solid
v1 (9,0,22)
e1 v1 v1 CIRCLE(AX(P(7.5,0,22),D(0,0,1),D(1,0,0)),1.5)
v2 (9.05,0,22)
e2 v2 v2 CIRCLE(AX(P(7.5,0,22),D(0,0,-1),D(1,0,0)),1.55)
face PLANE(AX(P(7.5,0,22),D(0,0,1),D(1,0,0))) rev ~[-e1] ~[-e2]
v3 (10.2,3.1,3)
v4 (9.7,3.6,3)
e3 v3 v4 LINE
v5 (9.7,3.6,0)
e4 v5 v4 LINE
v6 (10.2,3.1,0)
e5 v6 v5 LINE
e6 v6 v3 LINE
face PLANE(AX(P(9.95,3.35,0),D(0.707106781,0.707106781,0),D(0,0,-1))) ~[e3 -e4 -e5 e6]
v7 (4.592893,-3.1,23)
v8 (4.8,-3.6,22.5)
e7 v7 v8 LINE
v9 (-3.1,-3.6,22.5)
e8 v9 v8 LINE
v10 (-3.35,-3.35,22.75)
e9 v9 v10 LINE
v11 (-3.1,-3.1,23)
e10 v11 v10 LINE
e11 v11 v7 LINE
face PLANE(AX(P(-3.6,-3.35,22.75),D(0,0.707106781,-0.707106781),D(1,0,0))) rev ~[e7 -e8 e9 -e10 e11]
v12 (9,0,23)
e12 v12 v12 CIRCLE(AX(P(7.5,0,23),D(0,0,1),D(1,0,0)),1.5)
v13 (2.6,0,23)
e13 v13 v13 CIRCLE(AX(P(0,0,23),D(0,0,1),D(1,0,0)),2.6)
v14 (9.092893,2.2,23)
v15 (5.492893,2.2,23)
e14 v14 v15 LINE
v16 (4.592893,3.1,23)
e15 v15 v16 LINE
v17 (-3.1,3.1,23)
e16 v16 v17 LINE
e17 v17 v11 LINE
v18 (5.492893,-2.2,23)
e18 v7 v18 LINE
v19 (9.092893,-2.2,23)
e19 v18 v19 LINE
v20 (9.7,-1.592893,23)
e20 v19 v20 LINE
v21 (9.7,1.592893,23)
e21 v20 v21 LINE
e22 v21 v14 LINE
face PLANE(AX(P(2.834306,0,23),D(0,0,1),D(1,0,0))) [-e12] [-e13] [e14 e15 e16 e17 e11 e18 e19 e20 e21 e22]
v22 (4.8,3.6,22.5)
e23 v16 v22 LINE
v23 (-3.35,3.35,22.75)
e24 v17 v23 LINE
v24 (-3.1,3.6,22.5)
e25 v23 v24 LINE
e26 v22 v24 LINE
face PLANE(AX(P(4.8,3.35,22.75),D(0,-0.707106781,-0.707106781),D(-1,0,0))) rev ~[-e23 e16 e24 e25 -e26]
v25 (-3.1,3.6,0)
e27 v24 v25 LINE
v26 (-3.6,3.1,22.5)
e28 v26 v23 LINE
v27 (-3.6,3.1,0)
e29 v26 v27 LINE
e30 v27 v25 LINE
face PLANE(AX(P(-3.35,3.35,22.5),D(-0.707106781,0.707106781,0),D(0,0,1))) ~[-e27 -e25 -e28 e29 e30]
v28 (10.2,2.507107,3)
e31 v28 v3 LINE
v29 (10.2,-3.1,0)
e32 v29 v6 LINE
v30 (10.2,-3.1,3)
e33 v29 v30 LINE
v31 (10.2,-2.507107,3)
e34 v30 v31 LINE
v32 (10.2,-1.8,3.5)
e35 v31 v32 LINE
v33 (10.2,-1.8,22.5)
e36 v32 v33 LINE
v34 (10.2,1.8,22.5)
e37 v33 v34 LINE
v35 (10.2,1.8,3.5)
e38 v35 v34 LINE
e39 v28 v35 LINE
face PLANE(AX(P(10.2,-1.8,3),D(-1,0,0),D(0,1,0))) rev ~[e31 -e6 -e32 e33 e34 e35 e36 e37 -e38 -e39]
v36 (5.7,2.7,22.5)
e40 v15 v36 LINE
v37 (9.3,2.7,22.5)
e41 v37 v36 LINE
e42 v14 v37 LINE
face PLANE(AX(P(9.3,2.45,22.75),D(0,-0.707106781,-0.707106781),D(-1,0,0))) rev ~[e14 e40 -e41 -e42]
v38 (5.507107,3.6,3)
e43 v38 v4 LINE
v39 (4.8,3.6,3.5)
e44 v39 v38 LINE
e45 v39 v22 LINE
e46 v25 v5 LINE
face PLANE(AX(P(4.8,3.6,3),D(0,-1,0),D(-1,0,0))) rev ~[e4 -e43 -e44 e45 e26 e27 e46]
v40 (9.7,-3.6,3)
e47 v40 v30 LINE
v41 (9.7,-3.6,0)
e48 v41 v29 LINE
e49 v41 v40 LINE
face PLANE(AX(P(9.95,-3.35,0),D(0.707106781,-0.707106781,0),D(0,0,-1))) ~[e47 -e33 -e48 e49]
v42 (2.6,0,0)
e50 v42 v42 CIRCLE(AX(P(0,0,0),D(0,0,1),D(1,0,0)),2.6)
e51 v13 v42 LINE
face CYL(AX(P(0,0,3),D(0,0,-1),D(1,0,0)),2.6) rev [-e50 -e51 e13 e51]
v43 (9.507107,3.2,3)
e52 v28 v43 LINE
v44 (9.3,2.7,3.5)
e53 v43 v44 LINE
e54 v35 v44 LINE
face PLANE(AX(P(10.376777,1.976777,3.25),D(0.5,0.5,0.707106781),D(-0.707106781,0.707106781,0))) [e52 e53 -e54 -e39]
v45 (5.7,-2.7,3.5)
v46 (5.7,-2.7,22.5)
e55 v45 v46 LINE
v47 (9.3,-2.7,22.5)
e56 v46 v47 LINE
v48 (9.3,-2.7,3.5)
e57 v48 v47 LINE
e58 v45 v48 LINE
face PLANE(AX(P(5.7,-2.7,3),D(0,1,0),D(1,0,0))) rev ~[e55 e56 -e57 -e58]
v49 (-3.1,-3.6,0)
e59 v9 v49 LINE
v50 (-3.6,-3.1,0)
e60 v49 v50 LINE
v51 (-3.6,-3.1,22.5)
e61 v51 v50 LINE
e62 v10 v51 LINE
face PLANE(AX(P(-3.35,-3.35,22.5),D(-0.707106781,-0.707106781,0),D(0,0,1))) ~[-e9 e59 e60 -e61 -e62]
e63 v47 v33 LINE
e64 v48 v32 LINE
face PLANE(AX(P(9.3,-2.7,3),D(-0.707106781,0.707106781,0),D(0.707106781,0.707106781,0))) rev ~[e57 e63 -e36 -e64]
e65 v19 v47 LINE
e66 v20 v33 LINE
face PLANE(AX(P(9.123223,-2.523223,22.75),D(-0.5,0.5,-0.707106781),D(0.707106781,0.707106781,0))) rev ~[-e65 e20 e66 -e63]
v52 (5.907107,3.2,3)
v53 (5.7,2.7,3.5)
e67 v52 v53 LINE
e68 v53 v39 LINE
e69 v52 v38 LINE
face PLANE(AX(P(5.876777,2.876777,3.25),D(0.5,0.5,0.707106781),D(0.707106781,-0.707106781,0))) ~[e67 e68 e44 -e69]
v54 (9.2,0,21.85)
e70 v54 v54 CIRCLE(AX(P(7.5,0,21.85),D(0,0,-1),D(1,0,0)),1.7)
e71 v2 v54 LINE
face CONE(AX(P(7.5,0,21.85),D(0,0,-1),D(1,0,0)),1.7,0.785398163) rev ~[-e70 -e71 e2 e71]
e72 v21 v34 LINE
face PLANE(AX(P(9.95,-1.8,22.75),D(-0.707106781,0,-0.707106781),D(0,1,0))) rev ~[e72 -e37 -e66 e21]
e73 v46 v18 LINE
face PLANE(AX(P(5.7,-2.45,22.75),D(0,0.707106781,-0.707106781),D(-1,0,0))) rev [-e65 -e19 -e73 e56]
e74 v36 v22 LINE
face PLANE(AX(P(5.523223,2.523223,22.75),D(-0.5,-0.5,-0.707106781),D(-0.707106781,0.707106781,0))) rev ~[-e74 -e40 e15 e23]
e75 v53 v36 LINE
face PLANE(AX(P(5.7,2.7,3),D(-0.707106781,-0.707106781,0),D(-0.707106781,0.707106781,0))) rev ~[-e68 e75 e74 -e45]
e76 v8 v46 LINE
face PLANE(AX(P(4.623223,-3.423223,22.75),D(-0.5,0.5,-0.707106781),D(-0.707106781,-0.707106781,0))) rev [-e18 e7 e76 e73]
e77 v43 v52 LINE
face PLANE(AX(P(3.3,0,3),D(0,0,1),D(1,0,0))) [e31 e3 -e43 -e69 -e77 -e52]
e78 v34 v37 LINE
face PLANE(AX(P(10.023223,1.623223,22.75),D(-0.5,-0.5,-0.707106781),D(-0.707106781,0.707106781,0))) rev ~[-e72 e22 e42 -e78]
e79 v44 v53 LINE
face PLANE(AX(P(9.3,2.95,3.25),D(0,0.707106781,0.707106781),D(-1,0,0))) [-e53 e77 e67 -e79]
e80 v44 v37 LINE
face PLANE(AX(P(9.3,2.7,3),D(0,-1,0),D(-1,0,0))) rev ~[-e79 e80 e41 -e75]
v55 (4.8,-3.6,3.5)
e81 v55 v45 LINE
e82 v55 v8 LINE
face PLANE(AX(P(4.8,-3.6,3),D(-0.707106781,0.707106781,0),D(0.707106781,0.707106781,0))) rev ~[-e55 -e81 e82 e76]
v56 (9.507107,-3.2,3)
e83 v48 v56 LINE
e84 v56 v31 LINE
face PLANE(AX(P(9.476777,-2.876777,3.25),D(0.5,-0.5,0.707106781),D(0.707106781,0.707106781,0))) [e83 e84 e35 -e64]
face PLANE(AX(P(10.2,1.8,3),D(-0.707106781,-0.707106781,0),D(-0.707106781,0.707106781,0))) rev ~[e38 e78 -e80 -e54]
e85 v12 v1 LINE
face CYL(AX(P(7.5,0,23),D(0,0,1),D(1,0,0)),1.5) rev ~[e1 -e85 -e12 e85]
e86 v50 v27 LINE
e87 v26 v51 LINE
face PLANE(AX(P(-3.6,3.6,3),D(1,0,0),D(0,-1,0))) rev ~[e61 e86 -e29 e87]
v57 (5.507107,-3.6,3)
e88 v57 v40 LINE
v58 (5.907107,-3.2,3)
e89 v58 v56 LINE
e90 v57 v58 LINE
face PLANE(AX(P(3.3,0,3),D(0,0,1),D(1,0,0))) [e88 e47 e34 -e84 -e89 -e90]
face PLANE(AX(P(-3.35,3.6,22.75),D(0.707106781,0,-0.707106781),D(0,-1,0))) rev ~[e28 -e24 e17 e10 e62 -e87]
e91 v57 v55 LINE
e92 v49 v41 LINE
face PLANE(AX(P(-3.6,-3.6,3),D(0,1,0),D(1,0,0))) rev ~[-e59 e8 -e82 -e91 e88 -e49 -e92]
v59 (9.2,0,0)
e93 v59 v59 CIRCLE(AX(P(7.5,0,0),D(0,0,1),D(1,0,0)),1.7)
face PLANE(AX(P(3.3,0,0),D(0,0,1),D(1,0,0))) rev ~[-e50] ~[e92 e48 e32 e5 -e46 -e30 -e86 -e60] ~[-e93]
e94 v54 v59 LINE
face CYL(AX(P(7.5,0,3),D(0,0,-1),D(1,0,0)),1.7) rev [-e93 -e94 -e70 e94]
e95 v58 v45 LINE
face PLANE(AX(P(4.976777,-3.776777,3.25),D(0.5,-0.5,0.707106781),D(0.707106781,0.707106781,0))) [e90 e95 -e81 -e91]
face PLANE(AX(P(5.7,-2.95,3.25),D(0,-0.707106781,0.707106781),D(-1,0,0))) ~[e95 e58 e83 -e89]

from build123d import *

# Parameters (mm, degrees)
SKETCH_W        = 13.8
SKETCH_H        = 7.2
SKETCH_R        = 2.6
SKETCH_R_2      = 1.7
PAD_DEPTH       = 3
SKETCH001_R     = 2.6
SKETCH001_R_2   = 1.7
PAD001_DEPTH    = 20
CHAMFER_SIZE    = 0.5
CHAMFER001_SIZE = 0.5
CHAMFER002_SIZE = 0.5
SKETCH002_R     = 2
SKETCH002_R_2   = 1.5
PAD002_DEPTH    = 1
CHAMFER003_SIZE = 0.15
CHAMFER004_SIZE = 0.5


with BuildPart() as part:
    # Sketch → Pad (new body)
    with BuildSketch(Plane.XY):
        with Locations((3.3, 0)):
            Rectangle(SKETCH_W, SKETCH_H)
        Circle(SKETCH_R, mode=Mode.SUBTRACT)
        with Locations((7.5, 0)):
            Circle(SKETCH_R_2, mode=Mode.SUBTRACT)
    extrude(amount=PAD_DEPTH)

    # Sketch001 → Pad001 (new body)
    with BuildSketch(Plane.XY.offset(3)):
        Polygon((5.7, -2.7), (9.3, -2.7), (10.2, -1.8), (10.2, 1.8), (9.3, 2.7), (5.7, 2.7), (4.8, 3.6), (-3.6, 3.6), (-3.6, -3.6), (4.8, -3.6), align=None)
        Circle(SKETCH001_R, mode=Mode.SUBTRACT)
        with Locations((7.5, 0)):
            Circle(SKETCH001_R_2, mode=Mode.SUBTRACT)
    extrude(amount=PAD001_DEPTH)

    # Chamfer
    chamfer_edges = [part.edges().sort_by_distance(p)[0] for p in [
        (5.25, -3.15, 3),
        (7.5, -2.7, 3),
        (9.75, -2.25, 3),
        (9.75, 2.25, 3),
        (7.5, 2.7, 3),
        (5.25, 3.15, 3),
    ]]
    chamfer(chamfer_edges, length=CHAMFER_SIZE)

    # Chamfer001
    chamfer001_edges = [part.edges().sort_by_distance(p)[0] for p in [
        (0.6, -3.6, 23),
        (-3.6, 0, 23),
        (0.6, 3.6, 23),
        (5.25, 3.15, 23),
        (7.5, 2.7, 23),
        (9.75, 2.25, 23),
        (10.2, 0, 23),
        (9.75, -2.25, 23),
        (7.5, -2.7, 23),
        (5.25, -3.15, 23),
    ]]
    chamfer(chamfer001_edges, length=CHAMFER001_SIZE)

    # Chamfer002
    chamfer002_edges = [part.edges().sort_by_distance(p)[0] for p in [
        (10.2, -3.6, 1.5),
        (10.2, 3.6, 1.5),
    ]]
    chamfer(chamfer002_edges, length=CHAMFER002_SIZE)

    # Sketch002 → Pad002 (new body)
    with BuildSketch(Plane.XY.offset(23)):
        with Locations((7.5, 0)):
            Circle(SKETCH002_R)
        with Locations((7.5, 0)):
            Circle(SKETCH002_R_2, mode=Mode.SUBTRACT)
    extrude(amount=-PAD002_DEPTH)

    # Chamfer003
    chamfer003_edges = [part.edges().sort_by_distance(p)[0] for p in [
        (5.8, 0, 22),
    ]]
    chamfer(chamfer003_edges, length=CHAMFER003_SIZE)

    # Chamfer004
    chamfer004_edges = [part.edges().sort_by_distance(p)[0] for p in [
        (-3.6, 3.6, 12.75),
        (-3.6, 3.6, 1.5),
        (-3.6, -3.6, 1.5),
        (-3.6, -3.6, 12.75),
    ]]
    chamfer(chamfer004_edges, length=CHAMFER004_SIZE)


solid = part.part
